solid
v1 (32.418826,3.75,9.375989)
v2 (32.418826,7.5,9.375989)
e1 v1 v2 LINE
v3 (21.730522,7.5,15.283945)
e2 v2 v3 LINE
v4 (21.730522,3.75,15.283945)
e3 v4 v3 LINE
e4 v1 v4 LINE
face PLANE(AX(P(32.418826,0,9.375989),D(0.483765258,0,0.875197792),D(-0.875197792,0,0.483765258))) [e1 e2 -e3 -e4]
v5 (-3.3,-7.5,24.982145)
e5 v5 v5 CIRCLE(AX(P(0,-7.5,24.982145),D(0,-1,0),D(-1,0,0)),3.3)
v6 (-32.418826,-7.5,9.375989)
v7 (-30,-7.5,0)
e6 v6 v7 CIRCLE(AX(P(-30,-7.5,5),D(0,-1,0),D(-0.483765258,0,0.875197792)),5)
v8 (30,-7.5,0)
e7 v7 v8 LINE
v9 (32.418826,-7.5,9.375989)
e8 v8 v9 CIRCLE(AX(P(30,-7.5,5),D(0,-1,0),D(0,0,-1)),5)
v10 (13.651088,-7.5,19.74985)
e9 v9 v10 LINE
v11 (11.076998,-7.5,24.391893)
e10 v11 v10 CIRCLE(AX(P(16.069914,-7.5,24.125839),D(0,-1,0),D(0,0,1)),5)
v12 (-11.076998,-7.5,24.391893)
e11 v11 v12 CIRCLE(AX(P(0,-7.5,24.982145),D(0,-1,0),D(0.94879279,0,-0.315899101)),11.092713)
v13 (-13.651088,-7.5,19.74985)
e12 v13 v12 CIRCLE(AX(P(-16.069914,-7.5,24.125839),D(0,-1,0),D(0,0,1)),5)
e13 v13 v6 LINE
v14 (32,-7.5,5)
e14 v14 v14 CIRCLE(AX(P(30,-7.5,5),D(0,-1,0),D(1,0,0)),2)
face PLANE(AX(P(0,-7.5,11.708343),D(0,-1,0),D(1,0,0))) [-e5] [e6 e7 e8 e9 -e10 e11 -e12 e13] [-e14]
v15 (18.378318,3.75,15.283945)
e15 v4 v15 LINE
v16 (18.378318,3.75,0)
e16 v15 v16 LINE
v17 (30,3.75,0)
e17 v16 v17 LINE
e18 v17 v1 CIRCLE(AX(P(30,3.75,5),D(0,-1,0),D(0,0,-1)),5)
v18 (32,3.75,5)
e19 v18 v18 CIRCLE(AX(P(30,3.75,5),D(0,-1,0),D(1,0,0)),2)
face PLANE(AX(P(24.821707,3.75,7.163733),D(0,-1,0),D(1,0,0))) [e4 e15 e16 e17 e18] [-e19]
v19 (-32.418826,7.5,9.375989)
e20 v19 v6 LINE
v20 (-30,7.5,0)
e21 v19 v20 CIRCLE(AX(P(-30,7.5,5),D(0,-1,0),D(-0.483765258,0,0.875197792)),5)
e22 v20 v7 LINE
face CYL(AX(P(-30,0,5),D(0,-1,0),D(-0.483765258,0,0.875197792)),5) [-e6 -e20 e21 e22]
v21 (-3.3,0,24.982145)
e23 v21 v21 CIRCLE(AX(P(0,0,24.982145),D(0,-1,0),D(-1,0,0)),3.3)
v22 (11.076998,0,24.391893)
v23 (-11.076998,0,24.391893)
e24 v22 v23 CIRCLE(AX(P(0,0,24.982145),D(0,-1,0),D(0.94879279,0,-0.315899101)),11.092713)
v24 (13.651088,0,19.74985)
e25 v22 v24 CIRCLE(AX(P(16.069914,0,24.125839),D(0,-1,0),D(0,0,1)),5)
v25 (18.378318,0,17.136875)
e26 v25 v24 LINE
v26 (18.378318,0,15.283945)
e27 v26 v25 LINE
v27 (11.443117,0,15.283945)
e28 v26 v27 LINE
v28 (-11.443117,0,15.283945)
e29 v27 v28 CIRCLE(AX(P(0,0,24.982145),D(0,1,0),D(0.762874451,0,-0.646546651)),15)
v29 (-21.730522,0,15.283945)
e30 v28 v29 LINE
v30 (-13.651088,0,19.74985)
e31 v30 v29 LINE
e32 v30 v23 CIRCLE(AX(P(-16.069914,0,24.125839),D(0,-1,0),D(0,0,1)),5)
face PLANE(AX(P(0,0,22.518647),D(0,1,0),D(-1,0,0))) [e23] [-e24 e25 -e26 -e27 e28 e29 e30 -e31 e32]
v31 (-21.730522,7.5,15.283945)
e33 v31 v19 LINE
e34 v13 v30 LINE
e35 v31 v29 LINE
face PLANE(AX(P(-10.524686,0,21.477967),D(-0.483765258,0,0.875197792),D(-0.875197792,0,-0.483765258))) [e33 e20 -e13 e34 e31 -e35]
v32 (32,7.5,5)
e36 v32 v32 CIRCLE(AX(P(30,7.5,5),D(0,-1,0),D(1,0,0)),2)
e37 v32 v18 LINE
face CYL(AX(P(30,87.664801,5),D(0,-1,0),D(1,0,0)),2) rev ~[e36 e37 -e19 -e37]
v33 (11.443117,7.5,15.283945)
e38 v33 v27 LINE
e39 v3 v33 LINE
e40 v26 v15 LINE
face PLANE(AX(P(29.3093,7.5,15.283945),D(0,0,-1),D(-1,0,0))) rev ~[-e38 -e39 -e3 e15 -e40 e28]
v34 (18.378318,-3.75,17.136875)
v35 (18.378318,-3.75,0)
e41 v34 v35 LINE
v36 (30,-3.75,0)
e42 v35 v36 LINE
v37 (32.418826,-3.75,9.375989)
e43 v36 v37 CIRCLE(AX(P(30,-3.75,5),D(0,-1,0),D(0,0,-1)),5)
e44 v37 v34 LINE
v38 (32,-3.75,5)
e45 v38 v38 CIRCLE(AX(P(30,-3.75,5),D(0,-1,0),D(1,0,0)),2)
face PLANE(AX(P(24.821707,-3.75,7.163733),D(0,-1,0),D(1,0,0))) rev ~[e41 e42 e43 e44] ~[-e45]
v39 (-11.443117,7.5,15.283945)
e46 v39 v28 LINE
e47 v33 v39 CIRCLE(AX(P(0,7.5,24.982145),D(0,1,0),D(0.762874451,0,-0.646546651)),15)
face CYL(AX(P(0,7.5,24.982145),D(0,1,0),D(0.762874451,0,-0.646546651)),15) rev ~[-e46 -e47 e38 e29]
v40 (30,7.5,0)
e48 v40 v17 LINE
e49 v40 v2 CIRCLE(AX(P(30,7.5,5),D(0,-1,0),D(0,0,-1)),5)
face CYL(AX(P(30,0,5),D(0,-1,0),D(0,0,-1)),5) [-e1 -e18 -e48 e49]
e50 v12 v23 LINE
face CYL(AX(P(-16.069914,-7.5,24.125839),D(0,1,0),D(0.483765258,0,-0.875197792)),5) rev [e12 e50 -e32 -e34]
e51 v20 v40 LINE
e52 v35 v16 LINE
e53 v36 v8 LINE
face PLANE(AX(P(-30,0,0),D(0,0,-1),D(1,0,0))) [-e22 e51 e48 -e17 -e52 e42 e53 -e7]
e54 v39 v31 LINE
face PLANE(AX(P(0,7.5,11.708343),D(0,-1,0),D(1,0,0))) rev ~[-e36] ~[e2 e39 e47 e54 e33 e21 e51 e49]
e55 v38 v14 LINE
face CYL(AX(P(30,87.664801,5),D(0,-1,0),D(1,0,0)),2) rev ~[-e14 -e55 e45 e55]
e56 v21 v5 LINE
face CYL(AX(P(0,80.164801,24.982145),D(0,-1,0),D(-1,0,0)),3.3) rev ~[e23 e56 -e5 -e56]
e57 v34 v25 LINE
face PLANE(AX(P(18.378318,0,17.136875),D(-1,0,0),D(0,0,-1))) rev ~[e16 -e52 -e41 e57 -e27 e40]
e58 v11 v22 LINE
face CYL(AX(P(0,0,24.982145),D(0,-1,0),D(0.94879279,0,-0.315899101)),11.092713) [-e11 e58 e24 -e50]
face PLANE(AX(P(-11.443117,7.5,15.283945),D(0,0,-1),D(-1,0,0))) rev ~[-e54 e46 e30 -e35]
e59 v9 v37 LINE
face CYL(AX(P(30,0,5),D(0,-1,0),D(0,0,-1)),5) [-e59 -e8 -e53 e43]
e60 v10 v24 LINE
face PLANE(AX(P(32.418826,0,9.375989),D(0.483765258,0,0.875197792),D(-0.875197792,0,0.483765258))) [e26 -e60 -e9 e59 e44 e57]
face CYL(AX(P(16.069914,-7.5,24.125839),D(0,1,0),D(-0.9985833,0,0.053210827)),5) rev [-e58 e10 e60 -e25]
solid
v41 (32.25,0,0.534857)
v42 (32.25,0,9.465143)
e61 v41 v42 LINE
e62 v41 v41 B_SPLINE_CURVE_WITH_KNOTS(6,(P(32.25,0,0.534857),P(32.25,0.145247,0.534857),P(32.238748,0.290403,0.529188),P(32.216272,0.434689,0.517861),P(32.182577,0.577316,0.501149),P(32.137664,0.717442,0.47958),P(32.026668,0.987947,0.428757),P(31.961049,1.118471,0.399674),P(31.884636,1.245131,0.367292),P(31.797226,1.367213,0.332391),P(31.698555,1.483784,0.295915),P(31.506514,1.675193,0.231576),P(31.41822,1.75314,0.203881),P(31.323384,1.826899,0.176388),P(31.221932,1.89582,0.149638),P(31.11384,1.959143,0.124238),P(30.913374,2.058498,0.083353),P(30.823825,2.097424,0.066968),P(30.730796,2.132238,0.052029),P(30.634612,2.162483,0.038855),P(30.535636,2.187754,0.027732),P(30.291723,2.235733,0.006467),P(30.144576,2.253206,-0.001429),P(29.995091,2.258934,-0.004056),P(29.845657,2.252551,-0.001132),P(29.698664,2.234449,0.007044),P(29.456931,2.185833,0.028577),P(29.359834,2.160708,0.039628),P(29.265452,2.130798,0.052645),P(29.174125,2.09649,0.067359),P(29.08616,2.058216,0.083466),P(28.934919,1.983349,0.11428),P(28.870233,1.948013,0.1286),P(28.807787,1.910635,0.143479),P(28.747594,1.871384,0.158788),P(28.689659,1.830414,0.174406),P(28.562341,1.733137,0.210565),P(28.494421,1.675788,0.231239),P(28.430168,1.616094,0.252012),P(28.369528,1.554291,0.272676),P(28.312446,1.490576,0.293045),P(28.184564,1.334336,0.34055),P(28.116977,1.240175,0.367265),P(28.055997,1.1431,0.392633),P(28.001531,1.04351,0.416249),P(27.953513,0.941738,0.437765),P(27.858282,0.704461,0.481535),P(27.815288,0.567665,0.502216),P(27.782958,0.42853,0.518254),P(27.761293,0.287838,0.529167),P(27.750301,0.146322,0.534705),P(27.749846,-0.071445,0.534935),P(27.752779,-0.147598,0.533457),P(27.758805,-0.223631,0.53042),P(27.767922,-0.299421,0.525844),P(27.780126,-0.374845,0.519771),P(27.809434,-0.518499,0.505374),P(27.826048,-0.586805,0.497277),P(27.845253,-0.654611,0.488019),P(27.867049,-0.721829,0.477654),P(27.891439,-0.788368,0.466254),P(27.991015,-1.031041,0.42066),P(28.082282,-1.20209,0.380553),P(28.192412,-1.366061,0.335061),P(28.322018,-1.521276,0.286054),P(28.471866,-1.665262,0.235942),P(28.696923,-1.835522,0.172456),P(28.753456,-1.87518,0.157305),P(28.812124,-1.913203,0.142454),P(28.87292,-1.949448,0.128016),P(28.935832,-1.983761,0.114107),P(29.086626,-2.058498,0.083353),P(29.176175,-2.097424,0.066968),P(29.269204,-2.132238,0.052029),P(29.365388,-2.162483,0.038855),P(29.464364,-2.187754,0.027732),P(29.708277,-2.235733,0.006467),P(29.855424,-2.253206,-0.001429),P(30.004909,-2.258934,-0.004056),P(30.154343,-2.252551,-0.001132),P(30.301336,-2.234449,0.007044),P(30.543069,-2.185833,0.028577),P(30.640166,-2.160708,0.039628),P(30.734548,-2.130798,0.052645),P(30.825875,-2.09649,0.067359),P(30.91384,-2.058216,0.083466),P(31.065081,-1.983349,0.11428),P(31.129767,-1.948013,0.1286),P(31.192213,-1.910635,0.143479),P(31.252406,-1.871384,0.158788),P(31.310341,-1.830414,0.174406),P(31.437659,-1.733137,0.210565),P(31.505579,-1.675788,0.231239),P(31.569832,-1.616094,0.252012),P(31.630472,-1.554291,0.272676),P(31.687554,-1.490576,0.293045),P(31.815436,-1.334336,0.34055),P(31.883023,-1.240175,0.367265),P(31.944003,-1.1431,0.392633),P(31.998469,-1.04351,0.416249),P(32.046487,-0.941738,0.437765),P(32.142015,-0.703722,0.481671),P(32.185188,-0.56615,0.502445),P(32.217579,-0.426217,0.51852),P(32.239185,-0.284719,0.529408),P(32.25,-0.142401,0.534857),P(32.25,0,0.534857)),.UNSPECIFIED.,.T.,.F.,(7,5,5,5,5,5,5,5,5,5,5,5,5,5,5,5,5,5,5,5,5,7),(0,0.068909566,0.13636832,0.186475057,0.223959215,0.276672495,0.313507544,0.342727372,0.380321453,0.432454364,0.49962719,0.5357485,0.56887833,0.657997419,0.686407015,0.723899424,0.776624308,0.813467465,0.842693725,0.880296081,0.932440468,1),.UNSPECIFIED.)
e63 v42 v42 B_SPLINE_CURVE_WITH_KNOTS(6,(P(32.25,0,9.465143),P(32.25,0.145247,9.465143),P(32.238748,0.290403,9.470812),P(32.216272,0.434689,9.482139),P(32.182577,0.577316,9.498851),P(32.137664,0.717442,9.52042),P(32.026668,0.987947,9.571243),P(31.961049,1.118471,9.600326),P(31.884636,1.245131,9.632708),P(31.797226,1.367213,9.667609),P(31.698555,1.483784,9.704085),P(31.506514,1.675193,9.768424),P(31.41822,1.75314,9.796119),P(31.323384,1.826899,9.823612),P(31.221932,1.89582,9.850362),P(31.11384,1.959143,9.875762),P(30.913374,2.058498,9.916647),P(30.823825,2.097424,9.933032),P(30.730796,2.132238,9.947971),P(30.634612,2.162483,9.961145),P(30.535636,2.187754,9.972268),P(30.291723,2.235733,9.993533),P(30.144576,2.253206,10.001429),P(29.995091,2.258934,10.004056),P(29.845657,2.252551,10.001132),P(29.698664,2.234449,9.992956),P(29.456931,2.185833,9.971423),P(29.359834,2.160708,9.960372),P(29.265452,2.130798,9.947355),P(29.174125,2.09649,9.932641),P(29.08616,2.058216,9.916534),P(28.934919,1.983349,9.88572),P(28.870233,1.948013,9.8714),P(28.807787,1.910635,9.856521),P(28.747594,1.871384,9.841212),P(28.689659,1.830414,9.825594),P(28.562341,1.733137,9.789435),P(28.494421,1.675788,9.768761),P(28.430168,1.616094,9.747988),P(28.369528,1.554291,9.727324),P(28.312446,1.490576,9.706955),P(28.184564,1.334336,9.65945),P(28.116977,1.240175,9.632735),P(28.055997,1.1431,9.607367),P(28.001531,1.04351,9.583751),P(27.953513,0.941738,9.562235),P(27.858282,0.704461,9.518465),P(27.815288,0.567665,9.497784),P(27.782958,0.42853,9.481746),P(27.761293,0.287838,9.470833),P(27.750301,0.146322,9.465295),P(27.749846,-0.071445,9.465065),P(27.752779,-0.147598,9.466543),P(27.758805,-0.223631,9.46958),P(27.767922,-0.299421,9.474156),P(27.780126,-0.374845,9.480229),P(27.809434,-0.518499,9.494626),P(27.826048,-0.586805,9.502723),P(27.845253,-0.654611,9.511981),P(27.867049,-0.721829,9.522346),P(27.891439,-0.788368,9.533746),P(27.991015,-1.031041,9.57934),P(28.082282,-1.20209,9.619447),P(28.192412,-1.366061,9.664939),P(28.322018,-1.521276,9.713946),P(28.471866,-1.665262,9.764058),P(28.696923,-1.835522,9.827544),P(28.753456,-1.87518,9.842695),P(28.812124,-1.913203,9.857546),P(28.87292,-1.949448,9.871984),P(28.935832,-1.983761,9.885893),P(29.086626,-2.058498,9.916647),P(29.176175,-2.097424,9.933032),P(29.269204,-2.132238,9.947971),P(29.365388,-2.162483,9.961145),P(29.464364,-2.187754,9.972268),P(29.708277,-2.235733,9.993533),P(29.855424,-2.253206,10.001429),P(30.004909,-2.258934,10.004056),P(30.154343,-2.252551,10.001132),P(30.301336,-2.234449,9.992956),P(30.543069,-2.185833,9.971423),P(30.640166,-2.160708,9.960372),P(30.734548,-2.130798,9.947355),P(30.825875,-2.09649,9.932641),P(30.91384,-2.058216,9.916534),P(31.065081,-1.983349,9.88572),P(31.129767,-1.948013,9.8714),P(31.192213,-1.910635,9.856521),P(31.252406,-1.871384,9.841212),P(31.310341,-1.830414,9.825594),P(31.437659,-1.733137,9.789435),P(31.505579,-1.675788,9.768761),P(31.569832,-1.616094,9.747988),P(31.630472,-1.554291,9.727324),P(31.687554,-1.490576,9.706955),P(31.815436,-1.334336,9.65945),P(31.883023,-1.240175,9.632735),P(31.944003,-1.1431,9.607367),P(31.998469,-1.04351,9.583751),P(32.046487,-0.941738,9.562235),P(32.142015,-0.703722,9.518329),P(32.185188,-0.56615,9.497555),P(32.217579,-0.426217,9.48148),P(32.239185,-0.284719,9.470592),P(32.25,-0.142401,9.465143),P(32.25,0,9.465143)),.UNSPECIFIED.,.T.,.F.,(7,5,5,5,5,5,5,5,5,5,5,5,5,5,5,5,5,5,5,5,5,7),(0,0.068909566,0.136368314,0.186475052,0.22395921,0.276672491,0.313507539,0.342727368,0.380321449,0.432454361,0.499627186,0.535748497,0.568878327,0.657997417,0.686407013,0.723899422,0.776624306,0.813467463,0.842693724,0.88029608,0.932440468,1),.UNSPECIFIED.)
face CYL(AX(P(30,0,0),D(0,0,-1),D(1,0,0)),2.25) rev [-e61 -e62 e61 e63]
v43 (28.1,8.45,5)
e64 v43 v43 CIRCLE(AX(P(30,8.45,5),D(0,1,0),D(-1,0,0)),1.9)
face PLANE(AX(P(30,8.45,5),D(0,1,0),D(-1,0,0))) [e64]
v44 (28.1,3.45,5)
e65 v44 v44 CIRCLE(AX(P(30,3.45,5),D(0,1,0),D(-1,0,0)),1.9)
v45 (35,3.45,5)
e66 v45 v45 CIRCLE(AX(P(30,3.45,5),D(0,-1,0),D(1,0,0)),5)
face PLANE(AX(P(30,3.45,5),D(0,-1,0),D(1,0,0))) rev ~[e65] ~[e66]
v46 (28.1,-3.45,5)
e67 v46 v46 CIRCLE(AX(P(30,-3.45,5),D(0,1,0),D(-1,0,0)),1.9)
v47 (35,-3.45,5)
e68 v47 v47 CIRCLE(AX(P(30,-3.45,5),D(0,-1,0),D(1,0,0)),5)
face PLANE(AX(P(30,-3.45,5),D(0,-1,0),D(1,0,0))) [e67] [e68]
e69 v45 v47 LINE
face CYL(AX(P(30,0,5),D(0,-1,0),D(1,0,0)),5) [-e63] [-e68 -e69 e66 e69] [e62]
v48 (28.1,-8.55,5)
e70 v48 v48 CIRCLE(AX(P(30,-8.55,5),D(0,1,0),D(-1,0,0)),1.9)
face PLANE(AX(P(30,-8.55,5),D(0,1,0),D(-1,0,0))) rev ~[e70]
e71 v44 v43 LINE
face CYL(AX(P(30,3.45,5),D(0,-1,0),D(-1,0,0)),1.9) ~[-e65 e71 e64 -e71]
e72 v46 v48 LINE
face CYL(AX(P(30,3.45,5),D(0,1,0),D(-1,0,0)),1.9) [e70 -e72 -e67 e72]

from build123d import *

# Parameters (mm, degrees)
F1_DEPTH       = 7.5
F3_DEPTH       = 7.5
F4_D           = 6.6
F6_R           = 5
F7_D           = 4
F10_DEPTH      = 3.75
F11_R          = 5
F12_DEPTH      = 3.45
F13_R          = 1.9
F14_DEPTH      = 5
F14_DEPTH_BACK = 12
F15_R          = 2.25
F16_DEPTH      = 36.0758576219


with BuildPart() as f1:
    # F0 (on Front) → F1 (new body, symmetric)
    with BuildSketch(Plane.XZ):
        with BuildLine():
            Line((-10.5246857001, 21.4779671239), (-32.4188262894, 9.3759889604))
            ThreePointArc((-32.4188262894, 9.3759889604), (-34.8414845245, 3.7509893519), (-30, 0))
            Line((-30, 0), (30, 0))
            ThreePointArc((30, 0), (34.8414845245, 3.7509893519), (32.4188262894, 9.3759889604))
            Line((32.4188262894, 9.3759889604), (10.5246857001, 21.4779671239))
            ThreePointArc((10.5246857001, 21.4779671239), (0, 36.0748576219), (-10.5246857001, 21.4779671239))
        make_face()
    extrude(amount=F1_DEPTH, both=True)

    # F2 (on face) → F3 (cut)
    with BuildSketch(Plane(origin=(0, 7.5, 0), x_dir=(-1, 0, 0), z_dir=(0, 1, 0))):
        with BuildLine():
            Line((29.3092999119, 15.2839452874), (11.0376879026, 35.1393811844))
            ThreePointArc((11.0376879026, 35.1393811844), (0, 39.9821450561), (-11.0376879026, 35.1393811844))
            Line((-11.0376879026, 35.1393811844), (-29.3092999119, 15.2839452874))
            Line((-29.3092999119, 15.2839452874), (-11.4431167628, 15.2839452874))
            ThreePointArc((-11.4431167628, 15.2839452874), (0, 9.9821450561), (11.4431167628, 15.2839452874))
            Line((11.4431167628, 15.2839452874), (29.3092999119, 15.2839452874))
        make_face()
    extrude(amount=-F3_DEPTH, mode=Mode.SUBTRACT)

    # F4 (through all)
    with Locations(Plane(origin=(0, 0, 0), x_dir=(1, 0, 0), z_dir=(0, 1, 0))):
        with Locations((0, -24.9821450561)):
            Hole(F4_D / 2)

    # F6
    f6_edges = [f1.edges().sort_by_distance(p)[0] for p in [
        (10.524686, -3.75, 21.477967),
        (-10.524686, -3.75, 21.477967),
    ]]
    fillet(f6_edges, radius=F6_R)

    # F7 (through all)
    with Locations(Plane(origin=(0, 7.5, 0), x_dir=(-1, 0, 0), z_dir=(0, 1, 0))):
        with Locations((-30, 5)):
            Hole(F7_D / 2)

    # F9 (on Front) → F10 (cut, symmetric)
    with BuildSketch(Plane.XZ):
        with BuildLine():
            Line((18.3783179199, 0), (30, 0))
            ThreePointArc((30, 0), (34.8414845245, 3.7509893519), (32.4188262894, 9.3759889604))
            Line((32.4188262894, 9.3759889604), (18.3783179199, 17.136874801))
            Line((18.3783179199, 17.136874801), (18.3783179199, 0))
        make_face()
    extrude(amount=F10_DEPTH, both=True, mode=Mode.SUBTRACT)


with BuildPart() as f12:
    # F11 (on Front) → F12 (new body, symmetric)
    with BuildSketch(Plane.XZ):
        with Locations((30, 5)):
            Circle(F11_R)
    extrude(amount=F12_DEPTH, both=True)

    # F13 (on face) → F14 (join, two sides)
    with BuildSketch(Plane(origin=(0, 3.45, 0), x_dir=(-1, 0, 0), z_dir=(0, 1, 0))) as f14_sk:
        with Locations((-30, 5)):
            Circle(F13_R)
    extrude(amount=F14_DEPTH)
    extrude(f14_sk.sketch, amount=-F14_DEPTH_BACK)

    # F15 (on Top) → F16 (cut, through all)
    with BuildSketch(Plane.XY):
        with Locations((30, 0)):
            Circle(F15_R)
    extrude(amount=F16_DEPTH, mode=Mode.SUBTRACT)


solid = Compound([f1.part, f12.part])
